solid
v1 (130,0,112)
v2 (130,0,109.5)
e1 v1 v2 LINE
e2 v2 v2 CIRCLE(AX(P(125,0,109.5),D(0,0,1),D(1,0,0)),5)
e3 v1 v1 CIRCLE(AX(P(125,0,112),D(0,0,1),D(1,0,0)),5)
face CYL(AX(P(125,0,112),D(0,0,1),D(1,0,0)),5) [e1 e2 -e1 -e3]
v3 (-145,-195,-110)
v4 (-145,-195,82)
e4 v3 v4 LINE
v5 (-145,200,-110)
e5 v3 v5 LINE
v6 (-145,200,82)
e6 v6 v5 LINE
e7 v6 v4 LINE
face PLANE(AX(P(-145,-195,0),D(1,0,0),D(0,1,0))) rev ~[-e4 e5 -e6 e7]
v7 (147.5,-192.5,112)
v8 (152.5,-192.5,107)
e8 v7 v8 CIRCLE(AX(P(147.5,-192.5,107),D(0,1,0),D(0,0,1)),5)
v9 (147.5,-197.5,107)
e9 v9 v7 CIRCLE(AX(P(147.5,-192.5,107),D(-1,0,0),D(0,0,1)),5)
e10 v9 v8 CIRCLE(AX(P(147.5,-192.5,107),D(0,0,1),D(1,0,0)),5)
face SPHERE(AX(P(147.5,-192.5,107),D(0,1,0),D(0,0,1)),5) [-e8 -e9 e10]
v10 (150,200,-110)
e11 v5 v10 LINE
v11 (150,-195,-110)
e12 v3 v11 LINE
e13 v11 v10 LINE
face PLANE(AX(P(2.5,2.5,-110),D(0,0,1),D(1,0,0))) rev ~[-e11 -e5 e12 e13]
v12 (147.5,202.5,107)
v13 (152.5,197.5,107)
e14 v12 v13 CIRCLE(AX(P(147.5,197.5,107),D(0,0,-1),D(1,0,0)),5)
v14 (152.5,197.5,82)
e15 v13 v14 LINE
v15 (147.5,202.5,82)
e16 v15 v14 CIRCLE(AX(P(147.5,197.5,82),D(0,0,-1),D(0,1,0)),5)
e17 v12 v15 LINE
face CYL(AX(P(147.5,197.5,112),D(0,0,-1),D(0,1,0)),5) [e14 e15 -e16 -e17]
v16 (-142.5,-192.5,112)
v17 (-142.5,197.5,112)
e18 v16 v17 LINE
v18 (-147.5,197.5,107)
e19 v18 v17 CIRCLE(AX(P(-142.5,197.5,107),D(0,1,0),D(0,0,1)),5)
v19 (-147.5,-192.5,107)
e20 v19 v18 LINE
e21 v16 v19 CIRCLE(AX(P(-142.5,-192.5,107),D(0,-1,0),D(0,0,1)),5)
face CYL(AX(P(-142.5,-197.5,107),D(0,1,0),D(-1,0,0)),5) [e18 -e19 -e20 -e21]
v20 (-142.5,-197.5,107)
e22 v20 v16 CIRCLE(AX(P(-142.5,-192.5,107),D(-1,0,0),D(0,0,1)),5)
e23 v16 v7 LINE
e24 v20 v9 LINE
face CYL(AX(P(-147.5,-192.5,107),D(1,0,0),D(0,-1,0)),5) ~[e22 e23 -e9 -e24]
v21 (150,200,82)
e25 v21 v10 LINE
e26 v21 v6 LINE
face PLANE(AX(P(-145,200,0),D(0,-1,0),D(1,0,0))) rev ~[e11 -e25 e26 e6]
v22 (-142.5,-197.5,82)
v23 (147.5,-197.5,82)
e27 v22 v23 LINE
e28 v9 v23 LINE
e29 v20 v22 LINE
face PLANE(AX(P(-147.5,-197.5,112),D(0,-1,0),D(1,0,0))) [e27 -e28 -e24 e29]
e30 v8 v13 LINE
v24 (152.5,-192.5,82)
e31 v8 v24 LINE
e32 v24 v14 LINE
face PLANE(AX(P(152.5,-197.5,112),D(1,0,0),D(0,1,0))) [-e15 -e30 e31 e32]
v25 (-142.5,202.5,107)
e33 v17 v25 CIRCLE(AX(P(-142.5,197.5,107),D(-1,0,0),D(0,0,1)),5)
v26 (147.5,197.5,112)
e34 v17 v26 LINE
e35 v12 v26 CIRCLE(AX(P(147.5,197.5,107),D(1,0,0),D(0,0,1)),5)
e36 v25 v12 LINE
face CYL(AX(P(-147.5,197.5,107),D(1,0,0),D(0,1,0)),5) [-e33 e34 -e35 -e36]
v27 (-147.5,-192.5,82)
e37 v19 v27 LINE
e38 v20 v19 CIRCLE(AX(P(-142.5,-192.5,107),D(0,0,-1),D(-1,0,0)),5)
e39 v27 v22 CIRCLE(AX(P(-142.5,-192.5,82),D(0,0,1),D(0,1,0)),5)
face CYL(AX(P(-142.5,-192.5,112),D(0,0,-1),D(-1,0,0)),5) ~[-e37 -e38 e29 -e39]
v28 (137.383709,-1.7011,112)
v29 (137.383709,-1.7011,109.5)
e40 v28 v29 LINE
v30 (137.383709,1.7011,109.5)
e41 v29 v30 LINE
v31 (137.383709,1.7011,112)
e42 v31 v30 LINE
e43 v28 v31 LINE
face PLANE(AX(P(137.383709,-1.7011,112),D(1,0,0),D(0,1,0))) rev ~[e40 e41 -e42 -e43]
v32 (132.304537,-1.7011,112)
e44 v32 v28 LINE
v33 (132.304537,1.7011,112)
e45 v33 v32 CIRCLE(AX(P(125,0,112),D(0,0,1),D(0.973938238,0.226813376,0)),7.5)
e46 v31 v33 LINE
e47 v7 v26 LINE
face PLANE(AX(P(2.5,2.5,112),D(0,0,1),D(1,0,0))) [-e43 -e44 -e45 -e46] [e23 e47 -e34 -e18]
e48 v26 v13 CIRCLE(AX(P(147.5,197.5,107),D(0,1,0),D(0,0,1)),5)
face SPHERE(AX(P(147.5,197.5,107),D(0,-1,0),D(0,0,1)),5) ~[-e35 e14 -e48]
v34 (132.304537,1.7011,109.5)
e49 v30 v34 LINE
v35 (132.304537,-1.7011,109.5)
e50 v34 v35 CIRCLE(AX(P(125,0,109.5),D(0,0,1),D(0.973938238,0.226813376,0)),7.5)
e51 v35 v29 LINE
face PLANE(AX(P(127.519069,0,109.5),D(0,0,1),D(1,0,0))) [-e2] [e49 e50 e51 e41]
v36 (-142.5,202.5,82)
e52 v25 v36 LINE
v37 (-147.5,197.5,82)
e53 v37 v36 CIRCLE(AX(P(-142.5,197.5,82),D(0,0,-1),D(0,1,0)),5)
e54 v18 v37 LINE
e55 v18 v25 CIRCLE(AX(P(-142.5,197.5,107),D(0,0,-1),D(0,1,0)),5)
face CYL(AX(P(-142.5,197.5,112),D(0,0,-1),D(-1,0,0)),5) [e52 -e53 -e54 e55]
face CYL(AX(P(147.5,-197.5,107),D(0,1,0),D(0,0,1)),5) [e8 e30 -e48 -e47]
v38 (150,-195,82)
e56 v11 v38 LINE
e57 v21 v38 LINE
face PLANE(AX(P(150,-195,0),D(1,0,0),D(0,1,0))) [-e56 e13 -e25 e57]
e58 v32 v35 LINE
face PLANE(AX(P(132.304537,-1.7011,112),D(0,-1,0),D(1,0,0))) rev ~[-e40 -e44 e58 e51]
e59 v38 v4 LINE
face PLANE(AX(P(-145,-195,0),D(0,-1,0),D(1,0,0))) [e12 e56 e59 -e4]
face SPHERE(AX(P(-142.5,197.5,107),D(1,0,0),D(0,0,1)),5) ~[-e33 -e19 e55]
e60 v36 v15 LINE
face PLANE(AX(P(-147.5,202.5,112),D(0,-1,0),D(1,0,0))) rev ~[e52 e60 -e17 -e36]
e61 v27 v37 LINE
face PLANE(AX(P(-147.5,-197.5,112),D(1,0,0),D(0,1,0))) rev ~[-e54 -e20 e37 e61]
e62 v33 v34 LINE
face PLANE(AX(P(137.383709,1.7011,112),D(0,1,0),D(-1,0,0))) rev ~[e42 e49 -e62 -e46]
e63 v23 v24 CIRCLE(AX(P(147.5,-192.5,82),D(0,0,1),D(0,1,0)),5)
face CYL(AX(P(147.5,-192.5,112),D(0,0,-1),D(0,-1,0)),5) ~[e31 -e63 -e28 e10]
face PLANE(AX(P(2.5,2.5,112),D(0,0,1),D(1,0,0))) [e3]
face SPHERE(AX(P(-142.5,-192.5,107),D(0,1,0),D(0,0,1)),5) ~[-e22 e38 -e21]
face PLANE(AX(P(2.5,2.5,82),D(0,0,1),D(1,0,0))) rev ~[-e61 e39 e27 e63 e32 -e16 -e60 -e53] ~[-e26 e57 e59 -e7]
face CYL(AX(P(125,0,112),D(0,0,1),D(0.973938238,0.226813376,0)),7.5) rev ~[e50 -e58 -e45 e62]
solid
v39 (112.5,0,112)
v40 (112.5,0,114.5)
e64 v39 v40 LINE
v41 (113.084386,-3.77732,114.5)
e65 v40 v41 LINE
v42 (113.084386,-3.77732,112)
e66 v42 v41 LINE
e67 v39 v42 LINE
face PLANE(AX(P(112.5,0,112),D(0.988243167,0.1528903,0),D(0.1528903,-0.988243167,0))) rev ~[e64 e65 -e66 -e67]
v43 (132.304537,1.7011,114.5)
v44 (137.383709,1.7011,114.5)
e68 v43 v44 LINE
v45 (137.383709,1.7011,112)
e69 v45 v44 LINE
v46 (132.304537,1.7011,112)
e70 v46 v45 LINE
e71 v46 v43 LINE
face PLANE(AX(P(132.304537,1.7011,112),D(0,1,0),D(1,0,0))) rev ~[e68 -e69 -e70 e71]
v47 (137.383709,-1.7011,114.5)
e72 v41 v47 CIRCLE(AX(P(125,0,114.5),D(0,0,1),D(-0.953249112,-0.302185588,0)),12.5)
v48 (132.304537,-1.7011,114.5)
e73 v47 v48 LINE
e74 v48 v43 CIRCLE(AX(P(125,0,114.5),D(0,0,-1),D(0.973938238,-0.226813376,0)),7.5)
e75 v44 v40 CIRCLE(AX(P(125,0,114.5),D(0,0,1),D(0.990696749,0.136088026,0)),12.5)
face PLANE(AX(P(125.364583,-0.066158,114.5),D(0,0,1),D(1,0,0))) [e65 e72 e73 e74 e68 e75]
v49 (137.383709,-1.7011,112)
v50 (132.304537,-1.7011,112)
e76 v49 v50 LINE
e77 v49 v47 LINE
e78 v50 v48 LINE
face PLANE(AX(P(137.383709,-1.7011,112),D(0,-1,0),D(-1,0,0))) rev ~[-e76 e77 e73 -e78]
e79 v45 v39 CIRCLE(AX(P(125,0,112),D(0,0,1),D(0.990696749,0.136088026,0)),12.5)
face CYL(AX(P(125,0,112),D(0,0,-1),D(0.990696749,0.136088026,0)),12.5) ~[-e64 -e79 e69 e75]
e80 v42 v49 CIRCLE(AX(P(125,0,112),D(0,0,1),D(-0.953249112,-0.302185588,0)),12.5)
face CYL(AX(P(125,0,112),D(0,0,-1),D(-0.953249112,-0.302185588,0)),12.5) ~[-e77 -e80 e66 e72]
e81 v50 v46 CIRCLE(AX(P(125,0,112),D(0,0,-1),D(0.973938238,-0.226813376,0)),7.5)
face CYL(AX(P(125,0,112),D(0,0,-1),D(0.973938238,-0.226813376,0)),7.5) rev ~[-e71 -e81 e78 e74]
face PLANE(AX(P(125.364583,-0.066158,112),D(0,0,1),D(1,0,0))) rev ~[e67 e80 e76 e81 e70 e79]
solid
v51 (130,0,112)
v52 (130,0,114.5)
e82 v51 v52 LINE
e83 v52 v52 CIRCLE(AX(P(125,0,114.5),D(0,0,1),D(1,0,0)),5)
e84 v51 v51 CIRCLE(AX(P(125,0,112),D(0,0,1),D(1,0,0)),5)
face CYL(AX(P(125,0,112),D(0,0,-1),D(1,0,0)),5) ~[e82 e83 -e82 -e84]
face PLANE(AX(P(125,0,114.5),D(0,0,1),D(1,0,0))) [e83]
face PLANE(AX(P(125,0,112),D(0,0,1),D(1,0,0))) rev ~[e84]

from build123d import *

# Parameters (mm, degrees)
F0_W     = 295
F0_H     = 395
F1_DEPTH = 110
F3_W     = 300
F3_H     = 400
F4_DEPTH = 30
F5_R     = 5
F7_DEPTH = 2.5
F6_R     = 5
F8_R     = 5
F9_DEPTH = 2.5


with BuildPart() as f1:
    # F0 (on Top) → F1 (new body, symmetric)
    with BuildSketch(Plane.XY):
        with Locations((2.5, 2.5)):
            Rectangle(F0_W, F0_H)
    extrude(amount=F1_DEPTH, both=True)

    # F3 (on offset) → F4 (join)
    with BuildSketch(Plane.XY.offset(112)):
        with Locations((2.5, 2.5)):
            Rectangle(F3_W, F3_H)
    extrude(amount=-F4_DEPTH)

    # F5
    f5_edges = [f1.edges().sort_by_distance(p)[0] for p in [
        (152.5, 2.5, 112),
        (2.5, 202.5, 112),
        (-147.5, 2.5, 112),
        (2.5, -197.5, 112),
        (152.5, 202.5, 97),
        (-147.5, 202.5, 97),
        (152.5, -197.5, 97),
        (-147.5, -197.5, 97),
    ]]
    fillet(f5_edges, radius=F5_R)

    # F8 (on face) → F9 (cut)
    with BuildSketch(Plane.XY.offset(112)):
        with BuildLine():
            Line((137.3837093672, 1.7011003229), (132.3045367883, 1.7011003229))
            ThreePointArc((132.3045367883, 1.7011003229), (117.5, 0), (132.3045367883, -1.7011003229))
            Line((132.3045367883, -1.7011003229), (137.3837093672, -1.7011003229))
            Line((137.3837093672, -1.7011003229), (137.3837093672, 1.7011003229))
        make_face()
        with Locations((125, 0)):
            Circle(F8_R, mode=Mode.SUBTRACT)
    extrude(amount=-F9_DEPTH, mode=Mode.SUBTRACT)


with BuildPart() as f7:
    # F6 (on face) → F7 (new body)
    with BuildSketch(Plane.XY.offset(112)):
        with BuildLine():
            Line((132.3045367883, 1.7011003229), (137.3837093672, 1.7011003229))
            ThreePointArc((137.3837093672, 1.7011003229), (124.1474646899, 12.4708934542), (112.5, 0))
            Line((112.5, 0), (113.0843860939, -3.777319849))
            ThreePointArc((113.0843860939, -3.777319849), (126.0641664439, -12.454619616), (137.3837093672, -1.7011003229))
            Line((137.3837093672, -1.7011003229), (132.3045367883, -1.7011003229))
            ThreePointArc((132.3045367883, -1.7011003229), (117.5, 0), (132.3045367883, 1.7011003229))
        make_face()
    extrude(amount=F7_DEPTH)


with BuildPart() as f7b:
    # F6 (on face) → F7, piece 2 (new body)
    with BuildSketch(Plane.XY.offset(112)):
        with Locations((125, 0)):
            Circle(F6_R)
    extrude(amount=F7_DEPTH)


solid = Compound([f1.part, f7.part, f7b.part])
